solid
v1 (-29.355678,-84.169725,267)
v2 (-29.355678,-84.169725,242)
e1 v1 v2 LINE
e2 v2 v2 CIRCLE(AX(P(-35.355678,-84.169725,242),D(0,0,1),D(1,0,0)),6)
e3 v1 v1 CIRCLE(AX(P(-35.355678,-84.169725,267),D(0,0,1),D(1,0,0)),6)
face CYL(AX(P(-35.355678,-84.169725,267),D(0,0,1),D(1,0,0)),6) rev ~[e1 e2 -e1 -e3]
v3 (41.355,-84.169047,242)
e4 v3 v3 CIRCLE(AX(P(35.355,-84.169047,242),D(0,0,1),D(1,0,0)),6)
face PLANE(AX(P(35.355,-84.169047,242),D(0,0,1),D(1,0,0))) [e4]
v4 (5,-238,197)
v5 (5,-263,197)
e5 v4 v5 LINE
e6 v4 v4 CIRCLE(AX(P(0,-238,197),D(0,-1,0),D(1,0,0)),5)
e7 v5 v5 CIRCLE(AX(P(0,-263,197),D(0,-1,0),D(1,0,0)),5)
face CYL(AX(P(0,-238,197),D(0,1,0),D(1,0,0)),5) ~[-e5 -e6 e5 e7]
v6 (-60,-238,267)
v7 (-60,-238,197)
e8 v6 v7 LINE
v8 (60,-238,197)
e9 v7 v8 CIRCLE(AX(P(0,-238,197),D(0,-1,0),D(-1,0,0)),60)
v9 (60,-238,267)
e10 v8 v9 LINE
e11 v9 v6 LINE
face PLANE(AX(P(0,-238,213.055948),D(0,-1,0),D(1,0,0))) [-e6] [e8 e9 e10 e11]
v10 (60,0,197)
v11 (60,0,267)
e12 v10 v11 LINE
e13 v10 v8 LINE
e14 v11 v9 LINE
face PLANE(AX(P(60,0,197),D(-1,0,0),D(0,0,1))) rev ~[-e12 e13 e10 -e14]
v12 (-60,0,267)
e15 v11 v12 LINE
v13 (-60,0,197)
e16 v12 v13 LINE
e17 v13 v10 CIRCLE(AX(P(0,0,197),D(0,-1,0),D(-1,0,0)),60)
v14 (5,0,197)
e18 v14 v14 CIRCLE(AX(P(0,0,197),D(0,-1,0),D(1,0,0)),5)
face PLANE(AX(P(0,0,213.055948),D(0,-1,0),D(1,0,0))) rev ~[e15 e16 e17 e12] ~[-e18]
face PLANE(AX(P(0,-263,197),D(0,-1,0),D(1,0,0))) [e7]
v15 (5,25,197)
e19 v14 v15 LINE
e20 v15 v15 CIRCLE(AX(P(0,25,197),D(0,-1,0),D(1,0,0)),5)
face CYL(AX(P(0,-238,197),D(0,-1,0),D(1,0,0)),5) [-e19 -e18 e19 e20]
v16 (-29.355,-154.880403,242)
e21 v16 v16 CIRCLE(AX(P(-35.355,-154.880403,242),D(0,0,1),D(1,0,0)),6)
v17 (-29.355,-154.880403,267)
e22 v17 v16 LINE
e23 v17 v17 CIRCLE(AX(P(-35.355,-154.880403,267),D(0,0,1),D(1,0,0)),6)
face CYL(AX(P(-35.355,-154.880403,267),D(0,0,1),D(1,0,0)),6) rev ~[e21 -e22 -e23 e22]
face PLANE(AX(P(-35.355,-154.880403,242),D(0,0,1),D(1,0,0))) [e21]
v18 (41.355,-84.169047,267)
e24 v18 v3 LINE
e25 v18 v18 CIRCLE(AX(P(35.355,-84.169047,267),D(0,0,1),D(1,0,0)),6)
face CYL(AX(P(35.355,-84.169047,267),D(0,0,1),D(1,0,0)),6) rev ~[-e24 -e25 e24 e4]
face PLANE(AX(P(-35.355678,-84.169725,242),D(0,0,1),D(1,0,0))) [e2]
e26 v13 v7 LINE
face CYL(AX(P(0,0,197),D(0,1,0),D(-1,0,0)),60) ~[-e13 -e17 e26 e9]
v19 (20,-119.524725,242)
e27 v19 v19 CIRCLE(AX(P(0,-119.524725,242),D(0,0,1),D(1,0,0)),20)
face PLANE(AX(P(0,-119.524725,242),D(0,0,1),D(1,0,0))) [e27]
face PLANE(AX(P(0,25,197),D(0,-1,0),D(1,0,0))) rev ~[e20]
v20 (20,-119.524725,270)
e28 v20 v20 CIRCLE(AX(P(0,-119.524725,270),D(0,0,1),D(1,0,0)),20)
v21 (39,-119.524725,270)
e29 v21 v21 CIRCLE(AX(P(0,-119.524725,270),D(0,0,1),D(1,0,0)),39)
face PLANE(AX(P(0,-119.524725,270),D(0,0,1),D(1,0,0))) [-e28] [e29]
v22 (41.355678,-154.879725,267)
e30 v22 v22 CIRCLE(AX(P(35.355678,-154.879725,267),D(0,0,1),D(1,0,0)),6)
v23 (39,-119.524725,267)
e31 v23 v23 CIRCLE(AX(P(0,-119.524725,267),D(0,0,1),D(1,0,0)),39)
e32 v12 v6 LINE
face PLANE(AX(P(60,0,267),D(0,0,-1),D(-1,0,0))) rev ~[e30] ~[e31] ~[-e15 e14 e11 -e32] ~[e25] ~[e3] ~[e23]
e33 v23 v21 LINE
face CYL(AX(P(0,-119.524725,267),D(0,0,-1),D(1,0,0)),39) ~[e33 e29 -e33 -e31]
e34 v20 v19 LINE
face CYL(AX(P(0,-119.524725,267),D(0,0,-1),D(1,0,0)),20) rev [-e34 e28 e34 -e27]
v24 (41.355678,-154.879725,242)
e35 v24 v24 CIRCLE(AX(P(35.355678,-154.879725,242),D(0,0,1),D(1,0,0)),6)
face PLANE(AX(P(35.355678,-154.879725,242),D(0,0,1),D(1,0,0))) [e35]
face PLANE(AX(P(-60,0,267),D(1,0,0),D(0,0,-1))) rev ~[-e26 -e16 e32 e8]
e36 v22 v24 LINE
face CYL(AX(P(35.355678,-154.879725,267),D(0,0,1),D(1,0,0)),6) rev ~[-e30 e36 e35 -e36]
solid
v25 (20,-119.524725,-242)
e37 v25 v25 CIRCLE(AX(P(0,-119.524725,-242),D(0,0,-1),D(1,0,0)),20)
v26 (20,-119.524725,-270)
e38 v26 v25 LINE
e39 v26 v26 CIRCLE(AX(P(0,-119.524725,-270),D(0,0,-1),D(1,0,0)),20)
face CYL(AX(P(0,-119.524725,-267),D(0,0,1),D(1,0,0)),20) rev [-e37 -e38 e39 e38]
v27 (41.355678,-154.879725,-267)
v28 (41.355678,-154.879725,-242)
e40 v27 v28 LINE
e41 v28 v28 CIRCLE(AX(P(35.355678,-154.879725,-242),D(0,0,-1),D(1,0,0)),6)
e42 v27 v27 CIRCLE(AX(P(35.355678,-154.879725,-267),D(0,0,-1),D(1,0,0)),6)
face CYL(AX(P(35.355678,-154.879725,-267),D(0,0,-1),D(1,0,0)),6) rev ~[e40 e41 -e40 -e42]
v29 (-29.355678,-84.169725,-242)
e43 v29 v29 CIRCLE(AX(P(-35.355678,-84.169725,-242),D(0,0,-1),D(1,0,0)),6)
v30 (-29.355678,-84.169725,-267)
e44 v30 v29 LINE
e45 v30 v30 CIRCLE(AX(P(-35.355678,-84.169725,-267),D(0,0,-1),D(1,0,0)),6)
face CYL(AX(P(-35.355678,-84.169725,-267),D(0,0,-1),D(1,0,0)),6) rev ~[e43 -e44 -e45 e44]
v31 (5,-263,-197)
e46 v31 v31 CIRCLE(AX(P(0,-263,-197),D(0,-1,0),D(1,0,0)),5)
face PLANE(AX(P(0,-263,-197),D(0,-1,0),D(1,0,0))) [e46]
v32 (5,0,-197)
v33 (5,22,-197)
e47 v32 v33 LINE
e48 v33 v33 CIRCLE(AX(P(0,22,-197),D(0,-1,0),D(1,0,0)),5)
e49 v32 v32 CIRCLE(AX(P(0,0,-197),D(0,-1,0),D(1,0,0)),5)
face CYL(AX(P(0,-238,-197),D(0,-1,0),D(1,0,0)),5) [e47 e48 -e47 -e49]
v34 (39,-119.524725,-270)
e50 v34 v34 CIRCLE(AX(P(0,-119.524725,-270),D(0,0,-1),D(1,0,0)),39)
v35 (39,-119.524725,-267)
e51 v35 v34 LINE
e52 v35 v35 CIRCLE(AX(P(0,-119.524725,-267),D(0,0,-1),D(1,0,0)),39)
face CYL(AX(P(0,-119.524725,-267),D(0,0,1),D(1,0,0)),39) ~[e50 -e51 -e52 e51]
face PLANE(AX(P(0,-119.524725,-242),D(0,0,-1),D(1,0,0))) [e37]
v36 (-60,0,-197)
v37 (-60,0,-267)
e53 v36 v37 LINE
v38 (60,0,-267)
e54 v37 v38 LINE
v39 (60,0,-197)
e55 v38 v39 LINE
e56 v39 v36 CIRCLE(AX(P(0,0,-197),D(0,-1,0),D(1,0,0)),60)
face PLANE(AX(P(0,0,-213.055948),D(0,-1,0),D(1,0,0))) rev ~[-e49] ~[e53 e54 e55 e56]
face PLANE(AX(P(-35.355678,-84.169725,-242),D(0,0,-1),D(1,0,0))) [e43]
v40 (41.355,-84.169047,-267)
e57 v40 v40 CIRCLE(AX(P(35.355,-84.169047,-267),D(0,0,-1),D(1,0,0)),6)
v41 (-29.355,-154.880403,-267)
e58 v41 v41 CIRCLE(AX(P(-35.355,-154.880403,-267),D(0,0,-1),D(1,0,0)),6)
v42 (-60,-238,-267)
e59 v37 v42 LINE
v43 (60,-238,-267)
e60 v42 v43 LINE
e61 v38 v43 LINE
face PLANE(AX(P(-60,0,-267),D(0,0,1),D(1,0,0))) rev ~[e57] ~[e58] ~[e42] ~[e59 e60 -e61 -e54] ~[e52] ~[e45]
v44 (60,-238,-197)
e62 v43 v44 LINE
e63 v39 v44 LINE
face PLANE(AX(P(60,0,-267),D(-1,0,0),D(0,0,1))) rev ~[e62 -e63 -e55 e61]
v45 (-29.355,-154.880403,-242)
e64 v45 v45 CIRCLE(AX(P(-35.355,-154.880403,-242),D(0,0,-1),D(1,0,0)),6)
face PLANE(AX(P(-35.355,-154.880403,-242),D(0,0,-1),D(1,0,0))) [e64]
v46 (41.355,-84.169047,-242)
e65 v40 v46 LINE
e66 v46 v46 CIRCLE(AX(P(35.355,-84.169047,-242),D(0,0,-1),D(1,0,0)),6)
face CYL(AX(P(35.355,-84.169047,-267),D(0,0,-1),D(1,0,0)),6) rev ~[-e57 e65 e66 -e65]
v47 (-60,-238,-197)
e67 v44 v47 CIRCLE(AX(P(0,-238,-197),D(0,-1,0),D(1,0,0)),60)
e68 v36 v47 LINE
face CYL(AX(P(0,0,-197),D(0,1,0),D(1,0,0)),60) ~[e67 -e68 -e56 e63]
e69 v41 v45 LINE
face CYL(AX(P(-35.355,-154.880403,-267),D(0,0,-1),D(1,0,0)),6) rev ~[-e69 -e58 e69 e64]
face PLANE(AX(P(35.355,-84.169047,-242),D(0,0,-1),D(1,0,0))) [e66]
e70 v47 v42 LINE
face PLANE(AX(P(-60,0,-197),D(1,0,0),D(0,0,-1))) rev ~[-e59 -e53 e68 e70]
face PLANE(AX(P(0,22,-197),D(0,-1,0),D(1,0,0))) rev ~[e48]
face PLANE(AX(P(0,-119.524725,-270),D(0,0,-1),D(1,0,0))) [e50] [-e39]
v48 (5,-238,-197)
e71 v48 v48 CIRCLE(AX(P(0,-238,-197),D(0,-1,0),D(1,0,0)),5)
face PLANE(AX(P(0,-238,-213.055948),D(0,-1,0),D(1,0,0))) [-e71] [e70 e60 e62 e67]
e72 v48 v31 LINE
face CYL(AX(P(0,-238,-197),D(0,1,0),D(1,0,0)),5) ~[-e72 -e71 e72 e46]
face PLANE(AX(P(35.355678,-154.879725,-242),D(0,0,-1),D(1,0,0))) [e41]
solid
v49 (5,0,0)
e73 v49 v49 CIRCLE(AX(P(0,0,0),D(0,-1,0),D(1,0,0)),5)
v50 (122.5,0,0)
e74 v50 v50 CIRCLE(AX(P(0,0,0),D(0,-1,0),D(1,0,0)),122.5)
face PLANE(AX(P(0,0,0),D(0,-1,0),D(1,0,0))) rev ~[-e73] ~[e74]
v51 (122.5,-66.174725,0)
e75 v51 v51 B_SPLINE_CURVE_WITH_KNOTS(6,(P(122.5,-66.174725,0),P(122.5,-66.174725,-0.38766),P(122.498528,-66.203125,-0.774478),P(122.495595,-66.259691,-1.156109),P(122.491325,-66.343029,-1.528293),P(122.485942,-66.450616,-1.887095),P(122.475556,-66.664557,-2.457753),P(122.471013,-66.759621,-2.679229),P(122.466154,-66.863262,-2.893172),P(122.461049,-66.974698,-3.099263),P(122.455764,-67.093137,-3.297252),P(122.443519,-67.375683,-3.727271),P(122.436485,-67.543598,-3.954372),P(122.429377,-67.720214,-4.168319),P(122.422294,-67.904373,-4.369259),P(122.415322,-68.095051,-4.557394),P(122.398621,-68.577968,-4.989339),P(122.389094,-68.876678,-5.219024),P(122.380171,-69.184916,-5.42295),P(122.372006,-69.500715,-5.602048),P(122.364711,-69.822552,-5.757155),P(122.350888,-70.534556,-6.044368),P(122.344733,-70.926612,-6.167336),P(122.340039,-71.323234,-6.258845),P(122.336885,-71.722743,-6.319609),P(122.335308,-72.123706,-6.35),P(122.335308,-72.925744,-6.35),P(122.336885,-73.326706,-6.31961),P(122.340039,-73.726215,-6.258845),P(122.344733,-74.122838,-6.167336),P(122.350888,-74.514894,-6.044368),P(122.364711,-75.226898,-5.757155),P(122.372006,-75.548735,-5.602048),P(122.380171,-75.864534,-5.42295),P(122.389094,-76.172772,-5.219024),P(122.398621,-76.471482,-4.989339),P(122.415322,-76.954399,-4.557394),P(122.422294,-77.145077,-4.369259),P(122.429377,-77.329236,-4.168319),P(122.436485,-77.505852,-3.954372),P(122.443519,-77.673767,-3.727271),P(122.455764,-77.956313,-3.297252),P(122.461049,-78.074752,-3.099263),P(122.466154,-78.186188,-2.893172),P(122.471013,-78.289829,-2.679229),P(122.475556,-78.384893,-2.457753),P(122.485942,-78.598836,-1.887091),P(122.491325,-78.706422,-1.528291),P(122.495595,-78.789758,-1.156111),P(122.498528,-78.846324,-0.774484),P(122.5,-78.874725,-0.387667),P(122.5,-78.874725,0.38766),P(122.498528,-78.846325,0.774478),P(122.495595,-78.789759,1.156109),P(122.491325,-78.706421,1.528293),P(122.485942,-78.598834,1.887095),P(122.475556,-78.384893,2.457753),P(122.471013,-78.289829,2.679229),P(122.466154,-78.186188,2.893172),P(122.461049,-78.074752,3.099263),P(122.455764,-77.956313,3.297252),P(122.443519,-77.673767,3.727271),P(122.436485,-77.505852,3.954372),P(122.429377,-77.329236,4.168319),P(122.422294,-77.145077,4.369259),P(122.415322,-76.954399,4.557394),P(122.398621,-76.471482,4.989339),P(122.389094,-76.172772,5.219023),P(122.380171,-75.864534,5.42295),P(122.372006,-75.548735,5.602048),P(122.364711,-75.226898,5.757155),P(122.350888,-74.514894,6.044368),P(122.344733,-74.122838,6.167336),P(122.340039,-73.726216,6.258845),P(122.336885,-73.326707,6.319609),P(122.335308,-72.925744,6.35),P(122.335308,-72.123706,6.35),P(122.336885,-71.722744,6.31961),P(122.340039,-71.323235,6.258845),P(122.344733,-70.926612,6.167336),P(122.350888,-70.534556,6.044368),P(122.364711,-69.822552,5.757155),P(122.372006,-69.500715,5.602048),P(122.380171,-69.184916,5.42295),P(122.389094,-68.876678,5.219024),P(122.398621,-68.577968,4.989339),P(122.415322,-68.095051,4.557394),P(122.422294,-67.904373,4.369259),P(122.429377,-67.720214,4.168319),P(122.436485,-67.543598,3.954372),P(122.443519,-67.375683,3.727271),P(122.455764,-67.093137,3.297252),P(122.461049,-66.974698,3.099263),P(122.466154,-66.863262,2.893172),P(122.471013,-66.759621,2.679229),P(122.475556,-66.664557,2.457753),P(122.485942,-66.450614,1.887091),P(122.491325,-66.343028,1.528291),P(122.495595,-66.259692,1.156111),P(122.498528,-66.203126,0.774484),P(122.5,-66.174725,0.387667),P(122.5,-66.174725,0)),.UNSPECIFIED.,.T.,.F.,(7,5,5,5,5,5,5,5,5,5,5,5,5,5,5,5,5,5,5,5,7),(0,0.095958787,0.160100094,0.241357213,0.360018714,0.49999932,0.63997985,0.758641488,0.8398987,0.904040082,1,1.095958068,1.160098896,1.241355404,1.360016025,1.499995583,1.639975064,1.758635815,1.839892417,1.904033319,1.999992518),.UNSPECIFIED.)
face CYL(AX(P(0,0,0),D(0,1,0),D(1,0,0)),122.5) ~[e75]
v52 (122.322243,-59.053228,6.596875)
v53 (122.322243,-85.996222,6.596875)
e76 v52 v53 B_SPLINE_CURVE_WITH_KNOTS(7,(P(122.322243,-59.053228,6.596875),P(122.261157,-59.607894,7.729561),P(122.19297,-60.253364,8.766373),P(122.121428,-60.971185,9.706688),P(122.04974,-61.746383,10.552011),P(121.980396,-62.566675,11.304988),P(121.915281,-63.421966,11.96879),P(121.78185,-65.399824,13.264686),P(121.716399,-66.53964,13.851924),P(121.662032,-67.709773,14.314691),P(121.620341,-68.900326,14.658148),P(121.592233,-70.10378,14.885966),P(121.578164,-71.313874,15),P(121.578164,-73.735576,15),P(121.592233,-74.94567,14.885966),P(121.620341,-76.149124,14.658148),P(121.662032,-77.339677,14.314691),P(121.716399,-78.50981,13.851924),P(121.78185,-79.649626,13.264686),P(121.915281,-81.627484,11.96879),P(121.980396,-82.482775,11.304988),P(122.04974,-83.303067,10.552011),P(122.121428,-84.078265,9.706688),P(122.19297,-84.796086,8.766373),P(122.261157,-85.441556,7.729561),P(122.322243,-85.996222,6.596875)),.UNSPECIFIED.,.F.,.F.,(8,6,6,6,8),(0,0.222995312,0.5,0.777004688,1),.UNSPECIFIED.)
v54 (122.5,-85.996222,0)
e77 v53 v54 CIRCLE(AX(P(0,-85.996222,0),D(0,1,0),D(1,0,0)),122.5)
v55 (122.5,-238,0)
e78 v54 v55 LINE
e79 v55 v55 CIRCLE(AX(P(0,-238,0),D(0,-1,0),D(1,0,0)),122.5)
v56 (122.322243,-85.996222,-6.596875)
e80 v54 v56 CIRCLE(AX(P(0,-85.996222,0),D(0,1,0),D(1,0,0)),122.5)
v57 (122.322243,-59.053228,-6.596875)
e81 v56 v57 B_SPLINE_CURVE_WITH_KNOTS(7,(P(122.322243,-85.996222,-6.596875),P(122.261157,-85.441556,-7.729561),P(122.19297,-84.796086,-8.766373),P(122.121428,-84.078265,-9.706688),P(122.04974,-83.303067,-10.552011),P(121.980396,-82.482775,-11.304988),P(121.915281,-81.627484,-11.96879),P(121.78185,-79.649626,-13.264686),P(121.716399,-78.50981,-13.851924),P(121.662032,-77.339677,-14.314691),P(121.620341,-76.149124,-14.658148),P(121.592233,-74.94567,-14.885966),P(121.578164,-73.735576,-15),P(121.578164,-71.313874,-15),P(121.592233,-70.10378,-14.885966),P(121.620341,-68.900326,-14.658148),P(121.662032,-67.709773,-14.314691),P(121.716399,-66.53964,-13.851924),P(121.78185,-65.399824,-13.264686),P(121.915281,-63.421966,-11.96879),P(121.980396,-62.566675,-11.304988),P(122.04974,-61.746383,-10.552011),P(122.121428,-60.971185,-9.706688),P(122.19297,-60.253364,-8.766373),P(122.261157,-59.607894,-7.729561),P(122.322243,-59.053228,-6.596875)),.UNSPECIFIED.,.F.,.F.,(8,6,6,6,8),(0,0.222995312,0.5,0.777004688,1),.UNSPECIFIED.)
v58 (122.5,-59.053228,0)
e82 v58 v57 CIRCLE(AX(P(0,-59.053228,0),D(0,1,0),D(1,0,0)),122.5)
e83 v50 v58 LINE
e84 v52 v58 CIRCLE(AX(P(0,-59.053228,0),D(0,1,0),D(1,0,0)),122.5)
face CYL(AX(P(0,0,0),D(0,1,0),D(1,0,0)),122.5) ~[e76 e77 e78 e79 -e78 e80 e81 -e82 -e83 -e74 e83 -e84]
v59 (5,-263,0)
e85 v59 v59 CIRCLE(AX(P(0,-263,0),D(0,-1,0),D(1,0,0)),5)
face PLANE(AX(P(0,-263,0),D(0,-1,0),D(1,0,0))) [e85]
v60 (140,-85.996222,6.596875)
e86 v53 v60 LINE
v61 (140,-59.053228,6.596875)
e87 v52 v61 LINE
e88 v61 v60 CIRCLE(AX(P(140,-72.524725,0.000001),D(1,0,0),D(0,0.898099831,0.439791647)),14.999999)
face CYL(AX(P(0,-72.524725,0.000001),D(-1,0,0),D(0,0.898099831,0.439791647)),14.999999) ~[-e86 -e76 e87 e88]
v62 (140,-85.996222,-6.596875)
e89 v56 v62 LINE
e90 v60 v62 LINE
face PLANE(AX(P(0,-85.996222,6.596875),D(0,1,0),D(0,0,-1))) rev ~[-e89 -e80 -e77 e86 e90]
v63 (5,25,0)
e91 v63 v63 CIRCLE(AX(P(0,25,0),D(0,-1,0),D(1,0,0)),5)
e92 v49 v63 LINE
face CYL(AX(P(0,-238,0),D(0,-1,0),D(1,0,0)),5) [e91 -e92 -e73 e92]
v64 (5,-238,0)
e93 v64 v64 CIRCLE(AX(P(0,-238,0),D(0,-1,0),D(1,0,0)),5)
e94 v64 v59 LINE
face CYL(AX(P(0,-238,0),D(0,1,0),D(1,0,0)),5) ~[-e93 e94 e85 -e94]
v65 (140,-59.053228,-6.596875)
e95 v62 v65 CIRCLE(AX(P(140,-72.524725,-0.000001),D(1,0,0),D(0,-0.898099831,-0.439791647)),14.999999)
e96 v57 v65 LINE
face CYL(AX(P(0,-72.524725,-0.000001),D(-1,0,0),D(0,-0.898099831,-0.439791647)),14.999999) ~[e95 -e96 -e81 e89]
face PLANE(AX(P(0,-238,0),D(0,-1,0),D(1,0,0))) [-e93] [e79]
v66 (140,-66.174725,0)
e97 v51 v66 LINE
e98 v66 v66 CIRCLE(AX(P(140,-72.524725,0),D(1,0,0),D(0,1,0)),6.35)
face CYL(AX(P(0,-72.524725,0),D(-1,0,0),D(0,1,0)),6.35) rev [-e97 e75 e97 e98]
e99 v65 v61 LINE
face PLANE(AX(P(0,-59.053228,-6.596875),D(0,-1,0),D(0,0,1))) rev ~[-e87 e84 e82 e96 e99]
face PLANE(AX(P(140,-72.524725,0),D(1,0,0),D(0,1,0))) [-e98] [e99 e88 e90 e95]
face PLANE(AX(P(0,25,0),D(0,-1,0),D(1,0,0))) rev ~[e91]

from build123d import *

# Parameters (mm, degrees)
F0_R          = 122.5
F2_DEPTH      = 238
F3_R          = 5
F4_DEPTH      = 25
F4_DEPTH_BACK = 263
F5_DEPTH      = 25
F5_DEPTH_BACK = 263
F6_DEPTH      = 25
F6_DEPTH_BACK = 260
F7_R          = 20
F7_R_2        = 6
F8_DEPTH      = 25
F7_R_3        = 39
F9_DEPTH      = 3
F10_R         = 20
F10_R_2       = 6
F11_DEPTH     = 25
F10_R_3       = 39
F12_DEPTH     = 3
F13_R         = 6.35
F14_DEPTH     = 140


with BuildPart() as f2:
    # F1 (on face) + F0 (on Front) → F2 (new body)
    with BuildSketch(Plane.XZ):
        with BuildLine():
            Line((-60, 267), (-60, 197))
            ThreePointArc((-60, 197), (0, 137), (60, 197))
            Line((60, 197), (60, 267))
            Line((60, 267), (-60, 267))
        make_face()
        with BuildLine():
            ThreePointArc((60, -197), (0, -137), (-60, -197))
            Line((-60, -197), (-60, -267))
            Line((-60, -267), (60, -267))
            Line((60, -267), (60, -197))
        make_face()
    with BuildSketch(Plane.XZ):
        Circle(F0_R)
    extrude(amount=F2_DEPTH)

    # F3 (on face) → F4 (join, two sides)
    with BuildSketch(Plane.XZ.offset(238)) as f4_sk:
        with Locations((0, 197)):
            Circle(F3_R)
    extrude(amount=F4_DEPTH)
    extrude(f4_sk.sketch, amount=-F4_DEPTH_BACK)

    # F3 (on face) → F5 (join, two sides)
    with BuildSketch(Plane.XZ.offset(238)) as f5_sk:
        Circle(F3_R)
    extrude(amount=F5_DEPTH)
    extrude(f5_sk.sketch, amount=-F5_DEPTH_BACK)

    # F3 (on face) → F6 (join, two sides)
    with BuildSketch(Plane.XZ.offset(238)) as f6_sk:
        with Locations((0, -197)):
            Circle(F3_R)
    extrude(amount=F6_DEPTH)
    extrude(f6_sk.sketch, amount=-F6_DEPTH_BACK)

    # F7 (on face) → F8 (cut)
    with BuildSketch(Plane.XY.offset(267)):
        with Locations((0, -119.524725)):
            Circle(F7_R)
        with Locations((-35.355, -154.880403)):
            Circle(F7_R_2)
        with Locations((35.355678, -154.879725)):
            Circle(F7_R_2)
        with Locations((35.355, -84.169047)):
            Circle(F7_R_2)
        with Locations((-35.355678, -84.169725)):
            Circle(F7_R_2)
    extrude(amount=-F8_DEPTH, mode=Mode.SUBTRACT)

    # F7 (on face) → F9 (join)
    with BuildSketch(Plane.XY.offset(267)):
        with Locations((0, -119.524725)):
            Circle(F7_R_3)
        with Locations((0, -119.524725)):
            Circle(F7_R, mode=Mode.SUBTRACT)
    extrude(amount=F9_DEPTH)

    # F10 (on face) → F11 (cut)
    with BuildSketch(Plane(origin=(0, 0, -267), x_dir=(1, 0, 0), z_dir=(0, 0, -1))):
        with Locations((0, 119.524725)):
            Circle(F10_R)
        with Locations((35.355678, 154.879725)):
            Circle(F10_R_2)
        with Locations((35.355, 84.169047)):
            Circle(F10_R_2)
        with Locations((-35.355, 154.880403)):
            Circle(F10_R_2)
        with Locations((-35.355678, 84.169725)):
            Circle(F10_R_2)
    extrude(amount=-F11_DEPTH, mode=Mode.SUBTRACT)

    # F10 (on face) → F12 (join)
    with BuildSketch(Plane(origin=(0, 0, -267), x_dir=(1, 0, 0), z_dir=(0, 0, -1))):
        with Locations((0, 119.524725)):
            Circle(F10_R_3)
        with Locations((0, 119.524725)):
            Circle(F10_R, mode=Mode.SUBTRACT)
    extrude(amount=F12_DEPTH)

    # F13 (on Right) → F14 (join)
    with BuildSketch(Plane.YZ):
        with BuildLine():
            Line((-85.996222, 6.596875), (-85.996222, -6.596875))
            ThreePointArc((-85.996222, -6.596875), (-72.524725, -15), (-59.053228, -6.596875))
            Line((-59.053228, -6.596875), (-59.053228, 6.596875))
            ThreePointArc((-59.053228, 6.596875), (-72.524725, 15), (-85.996222, 6.596875))
        make_face()
        with Locations((-72.524725, 0)):
            Circle(F13_R, mode=Mode.SUBTRACT)
    extrude(amount=F14_DEPTH)


solid = f2.part
